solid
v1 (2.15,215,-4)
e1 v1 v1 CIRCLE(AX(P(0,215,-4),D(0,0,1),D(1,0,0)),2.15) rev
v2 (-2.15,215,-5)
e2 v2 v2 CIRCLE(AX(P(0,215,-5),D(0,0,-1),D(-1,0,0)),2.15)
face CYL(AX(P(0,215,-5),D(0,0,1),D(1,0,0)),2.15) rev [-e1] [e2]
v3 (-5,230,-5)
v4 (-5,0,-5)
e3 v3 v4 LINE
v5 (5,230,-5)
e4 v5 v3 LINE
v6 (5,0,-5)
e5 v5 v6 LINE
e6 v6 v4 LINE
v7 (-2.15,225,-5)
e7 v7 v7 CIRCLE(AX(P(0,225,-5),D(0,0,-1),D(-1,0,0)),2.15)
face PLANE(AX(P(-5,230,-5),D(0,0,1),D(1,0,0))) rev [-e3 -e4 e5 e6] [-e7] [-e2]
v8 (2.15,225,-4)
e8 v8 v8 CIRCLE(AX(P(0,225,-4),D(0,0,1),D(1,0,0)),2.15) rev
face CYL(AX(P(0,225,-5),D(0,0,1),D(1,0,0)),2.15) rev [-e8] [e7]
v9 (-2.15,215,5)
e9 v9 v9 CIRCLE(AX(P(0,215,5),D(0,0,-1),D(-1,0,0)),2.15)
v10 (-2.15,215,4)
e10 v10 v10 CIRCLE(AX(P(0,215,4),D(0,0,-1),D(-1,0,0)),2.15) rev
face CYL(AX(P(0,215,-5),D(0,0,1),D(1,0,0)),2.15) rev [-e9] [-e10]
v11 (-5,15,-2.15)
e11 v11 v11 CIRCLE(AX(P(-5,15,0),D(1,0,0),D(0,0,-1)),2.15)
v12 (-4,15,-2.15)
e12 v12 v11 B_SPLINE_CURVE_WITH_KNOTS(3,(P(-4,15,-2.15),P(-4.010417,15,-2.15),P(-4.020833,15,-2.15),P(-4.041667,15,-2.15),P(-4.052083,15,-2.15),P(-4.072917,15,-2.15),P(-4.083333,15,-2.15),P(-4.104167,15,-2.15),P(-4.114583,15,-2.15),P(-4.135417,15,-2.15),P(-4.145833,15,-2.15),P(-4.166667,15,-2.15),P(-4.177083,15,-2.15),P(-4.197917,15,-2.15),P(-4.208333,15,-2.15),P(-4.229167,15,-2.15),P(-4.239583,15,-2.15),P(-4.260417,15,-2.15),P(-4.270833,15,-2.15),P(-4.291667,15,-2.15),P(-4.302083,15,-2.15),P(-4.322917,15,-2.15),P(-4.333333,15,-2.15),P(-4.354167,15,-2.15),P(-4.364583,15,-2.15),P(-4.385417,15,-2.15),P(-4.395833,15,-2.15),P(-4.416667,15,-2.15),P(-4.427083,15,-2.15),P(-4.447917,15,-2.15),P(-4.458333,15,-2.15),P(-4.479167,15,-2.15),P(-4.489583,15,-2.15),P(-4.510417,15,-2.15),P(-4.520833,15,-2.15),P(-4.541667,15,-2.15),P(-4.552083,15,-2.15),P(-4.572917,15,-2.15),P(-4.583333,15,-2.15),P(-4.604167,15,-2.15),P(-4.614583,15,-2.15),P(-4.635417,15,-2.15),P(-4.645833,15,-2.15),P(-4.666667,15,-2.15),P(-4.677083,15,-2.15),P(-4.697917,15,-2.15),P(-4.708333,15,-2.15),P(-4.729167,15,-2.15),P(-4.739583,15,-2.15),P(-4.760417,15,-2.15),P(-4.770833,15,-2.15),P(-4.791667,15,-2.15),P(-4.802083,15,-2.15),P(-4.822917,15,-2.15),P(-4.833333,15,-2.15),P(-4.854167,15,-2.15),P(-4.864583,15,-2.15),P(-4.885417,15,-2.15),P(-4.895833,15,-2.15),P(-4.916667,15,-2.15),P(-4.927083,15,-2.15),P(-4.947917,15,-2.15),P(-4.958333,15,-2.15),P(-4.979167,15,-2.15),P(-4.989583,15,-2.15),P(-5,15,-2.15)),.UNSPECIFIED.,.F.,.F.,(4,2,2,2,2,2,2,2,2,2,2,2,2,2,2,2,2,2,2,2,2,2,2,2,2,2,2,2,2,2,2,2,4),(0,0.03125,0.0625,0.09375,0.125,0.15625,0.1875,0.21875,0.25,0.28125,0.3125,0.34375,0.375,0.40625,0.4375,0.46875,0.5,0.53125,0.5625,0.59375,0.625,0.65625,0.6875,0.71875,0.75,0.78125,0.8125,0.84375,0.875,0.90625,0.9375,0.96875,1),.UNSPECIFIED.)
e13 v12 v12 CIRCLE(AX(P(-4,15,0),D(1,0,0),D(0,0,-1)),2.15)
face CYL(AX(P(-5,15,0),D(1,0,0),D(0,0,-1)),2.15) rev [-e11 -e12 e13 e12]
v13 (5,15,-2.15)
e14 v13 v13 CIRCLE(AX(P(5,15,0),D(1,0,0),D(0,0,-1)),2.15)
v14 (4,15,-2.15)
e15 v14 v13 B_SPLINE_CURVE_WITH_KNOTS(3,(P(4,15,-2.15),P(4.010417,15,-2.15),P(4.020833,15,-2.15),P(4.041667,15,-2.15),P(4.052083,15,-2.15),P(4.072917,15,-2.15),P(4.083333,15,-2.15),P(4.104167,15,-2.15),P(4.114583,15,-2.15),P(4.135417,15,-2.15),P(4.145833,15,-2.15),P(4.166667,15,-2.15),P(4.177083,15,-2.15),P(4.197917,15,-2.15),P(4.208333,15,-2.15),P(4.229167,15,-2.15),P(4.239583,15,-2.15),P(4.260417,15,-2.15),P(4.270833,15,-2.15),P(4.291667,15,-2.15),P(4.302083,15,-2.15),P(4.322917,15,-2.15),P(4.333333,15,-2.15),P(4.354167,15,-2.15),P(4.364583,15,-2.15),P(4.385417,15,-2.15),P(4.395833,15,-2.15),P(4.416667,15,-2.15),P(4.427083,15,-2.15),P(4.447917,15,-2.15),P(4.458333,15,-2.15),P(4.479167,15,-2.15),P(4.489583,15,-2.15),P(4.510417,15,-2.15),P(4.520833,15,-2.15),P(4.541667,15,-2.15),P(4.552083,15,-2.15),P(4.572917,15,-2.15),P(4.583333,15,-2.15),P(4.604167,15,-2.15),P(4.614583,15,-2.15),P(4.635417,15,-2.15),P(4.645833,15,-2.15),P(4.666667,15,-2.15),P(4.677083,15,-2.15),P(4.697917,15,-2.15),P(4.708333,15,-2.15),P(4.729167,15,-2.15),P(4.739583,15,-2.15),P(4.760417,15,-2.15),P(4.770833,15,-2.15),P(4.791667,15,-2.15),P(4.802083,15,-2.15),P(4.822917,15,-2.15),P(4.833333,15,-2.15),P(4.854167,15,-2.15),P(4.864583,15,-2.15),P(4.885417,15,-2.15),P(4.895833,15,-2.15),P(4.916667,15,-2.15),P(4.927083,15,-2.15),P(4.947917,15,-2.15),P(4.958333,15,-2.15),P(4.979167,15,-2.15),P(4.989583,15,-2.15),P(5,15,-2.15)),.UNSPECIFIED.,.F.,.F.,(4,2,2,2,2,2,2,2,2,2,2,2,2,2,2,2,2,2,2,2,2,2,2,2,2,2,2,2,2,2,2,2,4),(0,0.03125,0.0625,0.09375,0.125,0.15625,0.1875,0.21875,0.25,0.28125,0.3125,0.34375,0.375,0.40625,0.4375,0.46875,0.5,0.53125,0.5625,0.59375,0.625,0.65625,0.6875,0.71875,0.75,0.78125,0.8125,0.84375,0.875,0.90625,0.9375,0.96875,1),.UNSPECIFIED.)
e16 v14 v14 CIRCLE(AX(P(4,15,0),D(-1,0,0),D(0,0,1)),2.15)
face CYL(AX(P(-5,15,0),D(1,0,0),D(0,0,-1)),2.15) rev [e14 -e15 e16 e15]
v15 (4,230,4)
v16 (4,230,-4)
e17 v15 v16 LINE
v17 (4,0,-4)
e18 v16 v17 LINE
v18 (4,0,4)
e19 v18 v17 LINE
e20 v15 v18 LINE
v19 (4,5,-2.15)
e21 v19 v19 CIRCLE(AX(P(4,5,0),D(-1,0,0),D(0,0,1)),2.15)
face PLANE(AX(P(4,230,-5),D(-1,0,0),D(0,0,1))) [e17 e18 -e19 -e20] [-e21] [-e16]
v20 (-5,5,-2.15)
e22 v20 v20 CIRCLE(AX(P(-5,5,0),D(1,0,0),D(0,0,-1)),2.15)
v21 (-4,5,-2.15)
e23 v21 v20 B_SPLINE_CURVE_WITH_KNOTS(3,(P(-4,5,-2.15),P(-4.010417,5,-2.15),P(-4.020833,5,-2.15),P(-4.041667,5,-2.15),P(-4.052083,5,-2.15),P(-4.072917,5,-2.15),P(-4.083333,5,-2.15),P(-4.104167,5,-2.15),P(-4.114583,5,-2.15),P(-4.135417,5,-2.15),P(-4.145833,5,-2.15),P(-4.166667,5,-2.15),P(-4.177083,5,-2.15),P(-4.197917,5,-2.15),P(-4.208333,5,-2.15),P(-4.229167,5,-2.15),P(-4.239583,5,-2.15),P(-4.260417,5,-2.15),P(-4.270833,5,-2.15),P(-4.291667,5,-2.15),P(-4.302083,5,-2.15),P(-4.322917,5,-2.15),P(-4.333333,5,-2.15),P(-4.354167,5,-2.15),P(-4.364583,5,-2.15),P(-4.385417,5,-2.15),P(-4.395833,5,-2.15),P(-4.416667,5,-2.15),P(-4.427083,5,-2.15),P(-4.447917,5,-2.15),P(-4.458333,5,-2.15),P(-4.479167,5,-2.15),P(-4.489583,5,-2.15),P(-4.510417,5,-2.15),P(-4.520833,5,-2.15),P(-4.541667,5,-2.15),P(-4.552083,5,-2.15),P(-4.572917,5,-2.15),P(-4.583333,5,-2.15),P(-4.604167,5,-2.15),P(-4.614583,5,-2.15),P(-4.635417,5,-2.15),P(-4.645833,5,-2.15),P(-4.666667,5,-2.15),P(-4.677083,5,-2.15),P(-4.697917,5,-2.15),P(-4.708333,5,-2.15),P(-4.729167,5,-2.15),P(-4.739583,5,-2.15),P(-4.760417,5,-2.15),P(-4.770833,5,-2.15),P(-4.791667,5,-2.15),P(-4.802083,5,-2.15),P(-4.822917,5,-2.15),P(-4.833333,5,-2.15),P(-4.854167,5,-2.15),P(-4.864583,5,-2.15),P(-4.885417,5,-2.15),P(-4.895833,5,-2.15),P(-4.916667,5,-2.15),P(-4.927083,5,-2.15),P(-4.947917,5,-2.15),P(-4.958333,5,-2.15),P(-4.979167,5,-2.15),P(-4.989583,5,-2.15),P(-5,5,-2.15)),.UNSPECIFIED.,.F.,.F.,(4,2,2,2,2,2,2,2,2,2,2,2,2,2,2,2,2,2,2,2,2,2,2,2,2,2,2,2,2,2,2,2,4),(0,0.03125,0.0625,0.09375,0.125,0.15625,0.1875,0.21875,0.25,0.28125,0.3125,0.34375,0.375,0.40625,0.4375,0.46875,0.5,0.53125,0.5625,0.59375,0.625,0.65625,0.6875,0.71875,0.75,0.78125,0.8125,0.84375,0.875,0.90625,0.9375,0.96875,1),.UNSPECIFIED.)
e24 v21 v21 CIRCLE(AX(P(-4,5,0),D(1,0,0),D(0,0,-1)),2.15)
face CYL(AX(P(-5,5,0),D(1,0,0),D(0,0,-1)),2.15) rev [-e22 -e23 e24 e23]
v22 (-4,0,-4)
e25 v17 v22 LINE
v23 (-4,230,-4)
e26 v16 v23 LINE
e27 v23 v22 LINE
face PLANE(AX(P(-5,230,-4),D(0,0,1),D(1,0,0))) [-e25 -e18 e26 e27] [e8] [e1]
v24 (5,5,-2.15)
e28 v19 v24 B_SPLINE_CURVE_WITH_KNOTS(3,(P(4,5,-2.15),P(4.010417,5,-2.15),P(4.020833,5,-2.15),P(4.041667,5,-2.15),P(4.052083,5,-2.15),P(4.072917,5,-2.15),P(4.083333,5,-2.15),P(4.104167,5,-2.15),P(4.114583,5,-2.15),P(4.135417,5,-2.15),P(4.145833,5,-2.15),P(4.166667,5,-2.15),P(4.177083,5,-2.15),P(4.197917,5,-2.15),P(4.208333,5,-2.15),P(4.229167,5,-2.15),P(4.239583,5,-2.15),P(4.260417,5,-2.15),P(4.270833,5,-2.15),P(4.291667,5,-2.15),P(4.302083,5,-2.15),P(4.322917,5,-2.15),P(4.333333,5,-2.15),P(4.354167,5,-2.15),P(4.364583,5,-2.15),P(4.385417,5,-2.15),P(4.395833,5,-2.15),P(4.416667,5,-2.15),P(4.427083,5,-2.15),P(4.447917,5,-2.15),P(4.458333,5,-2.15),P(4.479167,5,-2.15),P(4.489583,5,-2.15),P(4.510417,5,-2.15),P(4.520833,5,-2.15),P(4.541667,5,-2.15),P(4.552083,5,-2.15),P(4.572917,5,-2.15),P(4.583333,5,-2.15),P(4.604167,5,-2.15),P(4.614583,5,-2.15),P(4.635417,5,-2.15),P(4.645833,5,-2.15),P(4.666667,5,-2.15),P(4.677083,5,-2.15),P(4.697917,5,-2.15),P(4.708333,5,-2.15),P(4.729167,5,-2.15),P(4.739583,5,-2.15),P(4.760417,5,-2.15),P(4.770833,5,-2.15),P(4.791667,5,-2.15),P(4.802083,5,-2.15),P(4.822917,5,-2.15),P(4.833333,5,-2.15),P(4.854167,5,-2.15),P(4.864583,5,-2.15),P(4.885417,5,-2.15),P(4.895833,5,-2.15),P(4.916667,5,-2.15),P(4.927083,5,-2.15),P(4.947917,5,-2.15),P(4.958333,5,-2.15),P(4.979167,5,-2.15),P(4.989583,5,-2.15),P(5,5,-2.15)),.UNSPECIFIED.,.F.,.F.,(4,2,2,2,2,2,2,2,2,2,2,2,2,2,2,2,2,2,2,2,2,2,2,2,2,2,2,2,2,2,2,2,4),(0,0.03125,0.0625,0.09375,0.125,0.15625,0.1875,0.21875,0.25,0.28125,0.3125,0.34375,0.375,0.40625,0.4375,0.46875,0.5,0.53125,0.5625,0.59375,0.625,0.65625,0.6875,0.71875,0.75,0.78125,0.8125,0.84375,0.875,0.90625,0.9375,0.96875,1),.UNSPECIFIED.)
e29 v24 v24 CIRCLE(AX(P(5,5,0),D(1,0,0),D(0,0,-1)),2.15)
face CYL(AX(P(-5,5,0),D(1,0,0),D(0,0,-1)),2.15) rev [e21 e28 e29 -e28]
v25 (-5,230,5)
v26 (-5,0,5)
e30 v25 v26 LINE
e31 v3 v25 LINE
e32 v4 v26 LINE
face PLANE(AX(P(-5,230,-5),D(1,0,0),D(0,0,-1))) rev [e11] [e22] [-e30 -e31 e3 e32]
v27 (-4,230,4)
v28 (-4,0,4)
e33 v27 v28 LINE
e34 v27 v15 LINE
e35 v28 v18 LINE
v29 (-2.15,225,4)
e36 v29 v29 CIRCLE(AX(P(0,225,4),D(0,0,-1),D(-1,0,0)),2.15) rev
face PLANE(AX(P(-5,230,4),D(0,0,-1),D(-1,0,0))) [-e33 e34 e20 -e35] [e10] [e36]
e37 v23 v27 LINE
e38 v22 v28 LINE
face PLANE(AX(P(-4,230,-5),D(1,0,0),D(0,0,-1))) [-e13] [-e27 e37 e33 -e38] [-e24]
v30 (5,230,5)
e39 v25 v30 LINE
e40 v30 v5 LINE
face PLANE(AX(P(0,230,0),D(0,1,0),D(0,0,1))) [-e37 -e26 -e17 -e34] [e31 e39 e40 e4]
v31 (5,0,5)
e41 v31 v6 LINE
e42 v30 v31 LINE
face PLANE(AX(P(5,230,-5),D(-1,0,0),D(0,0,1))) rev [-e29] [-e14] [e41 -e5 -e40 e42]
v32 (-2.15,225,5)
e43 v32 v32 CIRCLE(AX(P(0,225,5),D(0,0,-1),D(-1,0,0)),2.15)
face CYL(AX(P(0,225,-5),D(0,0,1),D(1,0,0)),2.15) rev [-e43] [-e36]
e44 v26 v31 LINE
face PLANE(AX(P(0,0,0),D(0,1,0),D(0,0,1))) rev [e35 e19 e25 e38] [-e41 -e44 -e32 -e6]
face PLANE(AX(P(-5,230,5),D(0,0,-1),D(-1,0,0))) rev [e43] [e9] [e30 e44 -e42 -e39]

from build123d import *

# Parameters (mm, degrees)
SKETCH_1_W          = 10
SKETCH_1_H          = 10
SKETCH_1_W_2        = 8
SKETCH_1_H_2        = 8
EXTRUDE_1_DEPTH     = 230
SKETCH_2_R          = 2.15
CUT_EXTRUDE_1_DEPTH = 231.271578793
SKETCH_3_R          = 2.15
CUT_EXTRUDE_2_DEPTH = 231.271578793


with BuildPart() as part:
    # ｽｹｯﾁ1 → 押し出し-薄板1 (new body)
    with BuildSketch(Plane(origin=(0, 0, 0), x_dir=(1, 0, 0), z_dir=(0, 1, 0))):
        Rectangle(SKETCH_1_W, SKETCH_1_H)
        Rectangle(SKETCH_1_W_2, SKETCH_1_H_2, mode=Mode.SUBTRACT)
    extrude(amount=EXTRUDE_1_DEPTH)

    # ｽｹｯﾁ2 → ｶｯﾄ - 押し出し1 (cut, through all)
    with BuildSketch(Plane(origin=(0, 0, 5), x_dir=(-1, 0, 0), z_dir=(0, 0, -1))):
        with Locations((0, 215)):
            Circle(SKETCH_2_R)
        with Locations((0, 225)):
            Circle(SKETCH_2_R)
    extrude(amount=CUT_EXTRUDE_1_DEPTH, mode=Mode.SUBTRACT)

    # ｽｹｯﾁ3 → ｶｯﾄ - 押し出し2 (cut, through all)
    with BuildSketch(Plane(origin=(5, 0, 0), x_dir=(0, 0, -1), z_dir=(1, 0, 0))):
        with Locations((0, 15)):
            Circle(SKETCH_3_R)
        with Locations((0, 5)):
            Circle(SKETCH_3_R)
    extrude(amount=-CUT_EXTRUDE_2_DEPTH, mode=Mode.SUBTRACT)


solid = part.part
